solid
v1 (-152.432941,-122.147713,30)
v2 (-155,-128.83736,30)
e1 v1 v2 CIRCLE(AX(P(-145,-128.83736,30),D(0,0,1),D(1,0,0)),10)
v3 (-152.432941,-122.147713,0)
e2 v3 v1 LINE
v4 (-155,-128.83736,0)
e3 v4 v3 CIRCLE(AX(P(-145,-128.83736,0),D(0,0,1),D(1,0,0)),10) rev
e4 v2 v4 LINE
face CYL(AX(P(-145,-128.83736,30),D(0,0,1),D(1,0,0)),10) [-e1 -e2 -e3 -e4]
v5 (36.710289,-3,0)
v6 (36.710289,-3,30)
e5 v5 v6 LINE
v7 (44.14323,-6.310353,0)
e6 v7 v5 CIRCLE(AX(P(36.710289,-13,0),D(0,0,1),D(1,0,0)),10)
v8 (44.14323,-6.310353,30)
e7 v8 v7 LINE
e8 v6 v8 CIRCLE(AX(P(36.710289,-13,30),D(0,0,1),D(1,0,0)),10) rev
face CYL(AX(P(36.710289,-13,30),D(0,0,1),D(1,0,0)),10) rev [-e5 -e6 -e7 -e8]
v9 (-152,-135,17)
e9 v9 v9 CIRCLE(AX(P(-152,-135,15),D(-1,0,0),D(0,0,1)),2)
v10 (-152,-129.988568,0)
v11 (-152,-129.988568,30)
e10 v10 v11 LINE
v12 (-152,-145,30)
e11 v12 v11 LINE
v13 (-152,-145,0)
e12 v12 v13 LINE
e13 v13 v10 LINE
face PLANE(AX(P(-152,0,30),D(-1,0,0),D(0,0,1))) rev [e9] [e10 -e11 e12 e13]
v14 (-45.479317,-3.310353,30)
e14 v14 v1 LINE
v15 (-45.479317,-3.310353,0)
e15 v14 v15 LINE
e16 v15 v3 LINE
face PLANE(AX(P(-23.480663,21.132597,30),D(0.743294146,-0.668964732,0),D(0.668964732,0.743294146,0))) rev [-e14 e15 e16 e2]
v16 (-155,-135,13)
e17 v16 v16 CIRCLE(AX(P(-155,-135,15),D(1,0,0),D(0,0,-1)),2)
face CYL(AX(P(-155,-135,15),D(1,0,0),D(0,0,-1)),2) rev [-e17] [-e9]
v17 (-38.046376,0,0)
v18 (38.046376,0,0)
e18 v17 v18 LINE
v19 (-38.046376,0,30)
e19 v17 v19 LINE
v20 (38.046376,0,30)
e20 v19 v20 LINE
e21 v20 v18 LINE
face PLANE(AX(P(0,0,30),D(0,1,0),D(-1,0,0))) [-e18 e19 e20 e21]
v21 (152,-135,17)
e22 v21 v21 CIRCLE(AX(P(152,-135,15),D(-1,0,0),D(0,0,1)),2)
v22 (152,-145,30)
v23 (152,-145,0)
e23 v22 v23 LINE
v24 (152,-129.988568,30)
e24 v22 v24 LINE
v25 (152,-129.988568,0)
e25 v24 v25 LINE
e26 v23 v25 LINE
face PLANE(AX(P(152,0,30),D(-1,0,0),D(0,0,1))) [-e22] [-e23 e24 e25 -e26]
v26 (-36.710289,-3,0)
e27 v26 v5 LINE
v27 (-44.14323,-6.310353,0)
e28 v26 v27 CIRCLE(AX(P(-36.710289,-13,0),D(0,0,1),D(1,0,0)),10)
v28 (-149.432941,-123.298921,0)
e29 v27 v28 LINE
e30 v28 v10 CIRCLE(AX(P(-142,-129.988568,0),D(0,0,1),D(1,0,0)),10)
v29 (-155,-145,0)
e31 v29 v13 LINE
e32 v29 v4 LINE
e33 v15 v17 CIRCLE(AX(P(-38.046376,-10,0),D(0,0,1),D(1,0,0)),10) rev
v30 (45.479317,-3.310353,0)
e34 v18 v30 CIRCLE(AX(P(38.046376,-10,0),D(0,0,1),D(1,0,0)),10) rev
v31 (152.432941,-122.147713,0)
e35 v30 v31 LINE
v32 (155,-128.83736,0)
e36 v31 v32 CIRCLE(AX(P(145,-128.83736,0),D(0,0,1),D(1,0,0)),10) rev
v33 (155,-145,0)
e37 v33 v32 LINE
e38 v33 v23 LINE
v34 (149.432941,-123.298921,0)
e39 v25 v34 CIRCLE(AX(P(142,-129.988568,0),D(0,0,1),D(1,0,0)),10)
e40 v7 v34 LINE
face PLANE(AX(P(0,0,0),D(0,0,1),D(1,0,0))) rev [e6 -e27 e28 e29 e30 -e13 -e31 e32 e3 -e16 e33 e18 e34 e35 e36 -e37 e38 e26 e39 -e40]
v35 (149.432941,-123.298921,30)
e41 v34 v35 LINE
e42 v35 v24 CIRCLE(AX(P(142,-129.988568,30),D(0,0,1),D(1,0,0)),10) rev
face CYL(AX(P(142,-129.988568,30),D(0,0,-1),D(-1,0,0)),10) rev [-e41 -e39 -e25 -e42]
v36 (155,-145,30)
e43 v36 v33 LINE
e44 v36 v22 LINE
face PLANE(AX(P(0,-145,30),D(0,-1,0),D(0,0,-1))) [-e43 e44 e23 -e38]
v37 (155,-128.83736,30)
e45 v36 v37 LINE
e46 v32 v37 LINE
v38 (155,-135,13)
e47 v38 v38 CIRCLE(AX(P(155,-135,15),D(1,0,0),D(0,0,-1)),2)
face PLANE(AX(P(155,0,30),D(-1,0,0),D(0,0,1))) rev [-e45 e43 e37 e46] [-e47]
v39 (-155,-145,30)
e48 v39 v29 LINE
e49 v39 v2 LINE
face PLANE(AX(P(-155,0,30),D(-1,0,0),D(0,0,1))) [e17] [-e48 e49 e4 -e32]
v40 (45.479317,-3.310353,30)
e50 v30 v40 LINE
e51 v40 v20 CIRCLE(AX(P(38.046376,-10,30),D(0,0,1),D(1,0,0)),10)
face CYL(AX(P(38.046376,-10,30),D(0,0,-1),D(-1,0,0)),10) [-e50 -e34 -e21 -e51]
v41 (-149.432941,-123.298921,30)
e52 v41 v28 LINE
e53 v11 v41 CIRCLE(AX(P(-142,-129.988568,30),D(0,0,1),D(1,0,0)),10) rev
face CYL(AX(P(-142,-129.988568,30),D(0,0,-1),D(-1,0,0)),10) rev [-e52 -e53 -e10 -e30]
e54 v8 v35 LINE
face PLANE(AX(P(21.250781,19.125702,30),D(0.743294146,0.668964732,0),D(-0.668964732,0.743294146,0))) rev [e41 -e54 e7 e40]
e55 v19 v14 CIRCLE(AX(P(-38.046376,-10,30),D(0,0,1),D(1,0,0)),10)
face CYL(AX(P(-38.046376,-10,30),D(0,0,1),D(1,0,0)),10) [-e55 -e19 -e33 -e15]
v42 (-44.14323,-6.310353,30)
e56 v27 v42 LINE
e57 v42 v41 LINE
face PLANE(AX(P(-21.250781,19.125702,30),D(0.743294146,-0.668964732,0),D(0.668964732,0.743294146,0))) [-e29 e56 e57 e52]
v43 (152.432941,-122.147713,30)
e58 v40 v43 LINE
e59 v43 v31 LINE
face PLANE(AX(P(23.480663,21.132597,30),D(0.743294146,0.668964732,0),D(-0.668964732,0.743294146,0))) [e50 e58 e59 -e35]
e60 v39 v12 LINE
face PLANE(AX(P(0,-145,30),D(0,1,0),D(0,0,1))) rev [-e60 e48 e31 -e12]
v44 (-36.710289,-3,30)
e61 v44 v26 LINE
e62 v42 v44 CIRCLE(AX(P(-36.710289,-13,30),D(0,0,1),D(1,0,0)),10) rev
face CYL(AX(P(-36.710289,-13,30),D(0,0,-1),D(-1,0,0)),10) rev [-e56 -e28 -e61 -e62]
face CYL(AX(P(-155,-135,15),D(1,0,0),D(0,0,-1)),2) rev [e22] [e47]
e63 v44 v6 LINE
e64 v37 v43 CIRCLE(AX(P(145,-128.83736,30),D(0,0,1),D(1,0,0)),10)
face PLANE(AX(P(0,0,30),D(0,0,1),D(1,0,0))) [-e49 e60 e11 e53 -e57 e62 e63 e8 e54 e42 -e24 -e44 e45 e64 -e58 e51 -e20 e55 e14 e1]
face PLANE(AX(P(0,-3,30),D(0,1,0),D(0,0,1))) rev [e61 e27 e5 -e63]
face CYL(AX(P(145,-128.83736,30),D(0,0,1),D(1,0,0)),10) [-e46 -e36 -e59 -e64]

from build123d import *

# Parameters (mm, degrees)
BOSS_EXTRUDE1_DEPTH     = 30
FILLET1_R               = 10
CUT_EXTRUDE1_DEPTH      = 344.547667726
CUT_EXTRUDE1_DEPTH_BACK = 344.547667726
SKETCH2_R               = 2


with BuildPart() as part:
    # Sketch1 → Boss-Extrude1 (new body)
    with BuildSketch(Plane.XY):
        Polygon((155, -145), (152, -145), (152, -126.151208016), (41.163912786, -3), (-41.163912786, -3), (-152, -126.151208016), (-152, -145), (-155, -145), (-155, -125), (-42.5, 0), (42.5, 0), (155, -125), align=None)
    extrude(amount=BOSS_EXTRUDE1_DEPTH)

    # Fillet1
    fillet1_edges = [part.edges().sort_by_distance(p)[0] for p in [
        (152, -126.151208016, 15),
        (41.163912786, -3, 15),
        (-41.163912786, -3, 15),
        (-152, -126.151208016, 15),
        (-155, -125, 15),
        (-42.5, 0, 15),
        (42.5, 0, 15),
        (155, -125, 15),
    ]]
    fillet(fillet1_edges, radius=FILLET1_R)

    # Sketch2 → Cut-Extrude1 (cut, two sides: drawn at the far end of the back side and taken through both)
    with BuildSketch(Plane(origin=(155, 0, 0), x_dir=(0, 0, -1), z_dir=(1, 0, 0)).offset(-CUT_EXTRUDE1_DEPTH_BACK)):
        with Locations((-15, -135)):
            Circle(SKETCH2_R)
    extrude(amount=CUT_EXTRUDE1_DEPTH + CUT_EXTRUDE1_DEPTH_BACK, mode=Mode.SUBTRACT)


solid = part.part
